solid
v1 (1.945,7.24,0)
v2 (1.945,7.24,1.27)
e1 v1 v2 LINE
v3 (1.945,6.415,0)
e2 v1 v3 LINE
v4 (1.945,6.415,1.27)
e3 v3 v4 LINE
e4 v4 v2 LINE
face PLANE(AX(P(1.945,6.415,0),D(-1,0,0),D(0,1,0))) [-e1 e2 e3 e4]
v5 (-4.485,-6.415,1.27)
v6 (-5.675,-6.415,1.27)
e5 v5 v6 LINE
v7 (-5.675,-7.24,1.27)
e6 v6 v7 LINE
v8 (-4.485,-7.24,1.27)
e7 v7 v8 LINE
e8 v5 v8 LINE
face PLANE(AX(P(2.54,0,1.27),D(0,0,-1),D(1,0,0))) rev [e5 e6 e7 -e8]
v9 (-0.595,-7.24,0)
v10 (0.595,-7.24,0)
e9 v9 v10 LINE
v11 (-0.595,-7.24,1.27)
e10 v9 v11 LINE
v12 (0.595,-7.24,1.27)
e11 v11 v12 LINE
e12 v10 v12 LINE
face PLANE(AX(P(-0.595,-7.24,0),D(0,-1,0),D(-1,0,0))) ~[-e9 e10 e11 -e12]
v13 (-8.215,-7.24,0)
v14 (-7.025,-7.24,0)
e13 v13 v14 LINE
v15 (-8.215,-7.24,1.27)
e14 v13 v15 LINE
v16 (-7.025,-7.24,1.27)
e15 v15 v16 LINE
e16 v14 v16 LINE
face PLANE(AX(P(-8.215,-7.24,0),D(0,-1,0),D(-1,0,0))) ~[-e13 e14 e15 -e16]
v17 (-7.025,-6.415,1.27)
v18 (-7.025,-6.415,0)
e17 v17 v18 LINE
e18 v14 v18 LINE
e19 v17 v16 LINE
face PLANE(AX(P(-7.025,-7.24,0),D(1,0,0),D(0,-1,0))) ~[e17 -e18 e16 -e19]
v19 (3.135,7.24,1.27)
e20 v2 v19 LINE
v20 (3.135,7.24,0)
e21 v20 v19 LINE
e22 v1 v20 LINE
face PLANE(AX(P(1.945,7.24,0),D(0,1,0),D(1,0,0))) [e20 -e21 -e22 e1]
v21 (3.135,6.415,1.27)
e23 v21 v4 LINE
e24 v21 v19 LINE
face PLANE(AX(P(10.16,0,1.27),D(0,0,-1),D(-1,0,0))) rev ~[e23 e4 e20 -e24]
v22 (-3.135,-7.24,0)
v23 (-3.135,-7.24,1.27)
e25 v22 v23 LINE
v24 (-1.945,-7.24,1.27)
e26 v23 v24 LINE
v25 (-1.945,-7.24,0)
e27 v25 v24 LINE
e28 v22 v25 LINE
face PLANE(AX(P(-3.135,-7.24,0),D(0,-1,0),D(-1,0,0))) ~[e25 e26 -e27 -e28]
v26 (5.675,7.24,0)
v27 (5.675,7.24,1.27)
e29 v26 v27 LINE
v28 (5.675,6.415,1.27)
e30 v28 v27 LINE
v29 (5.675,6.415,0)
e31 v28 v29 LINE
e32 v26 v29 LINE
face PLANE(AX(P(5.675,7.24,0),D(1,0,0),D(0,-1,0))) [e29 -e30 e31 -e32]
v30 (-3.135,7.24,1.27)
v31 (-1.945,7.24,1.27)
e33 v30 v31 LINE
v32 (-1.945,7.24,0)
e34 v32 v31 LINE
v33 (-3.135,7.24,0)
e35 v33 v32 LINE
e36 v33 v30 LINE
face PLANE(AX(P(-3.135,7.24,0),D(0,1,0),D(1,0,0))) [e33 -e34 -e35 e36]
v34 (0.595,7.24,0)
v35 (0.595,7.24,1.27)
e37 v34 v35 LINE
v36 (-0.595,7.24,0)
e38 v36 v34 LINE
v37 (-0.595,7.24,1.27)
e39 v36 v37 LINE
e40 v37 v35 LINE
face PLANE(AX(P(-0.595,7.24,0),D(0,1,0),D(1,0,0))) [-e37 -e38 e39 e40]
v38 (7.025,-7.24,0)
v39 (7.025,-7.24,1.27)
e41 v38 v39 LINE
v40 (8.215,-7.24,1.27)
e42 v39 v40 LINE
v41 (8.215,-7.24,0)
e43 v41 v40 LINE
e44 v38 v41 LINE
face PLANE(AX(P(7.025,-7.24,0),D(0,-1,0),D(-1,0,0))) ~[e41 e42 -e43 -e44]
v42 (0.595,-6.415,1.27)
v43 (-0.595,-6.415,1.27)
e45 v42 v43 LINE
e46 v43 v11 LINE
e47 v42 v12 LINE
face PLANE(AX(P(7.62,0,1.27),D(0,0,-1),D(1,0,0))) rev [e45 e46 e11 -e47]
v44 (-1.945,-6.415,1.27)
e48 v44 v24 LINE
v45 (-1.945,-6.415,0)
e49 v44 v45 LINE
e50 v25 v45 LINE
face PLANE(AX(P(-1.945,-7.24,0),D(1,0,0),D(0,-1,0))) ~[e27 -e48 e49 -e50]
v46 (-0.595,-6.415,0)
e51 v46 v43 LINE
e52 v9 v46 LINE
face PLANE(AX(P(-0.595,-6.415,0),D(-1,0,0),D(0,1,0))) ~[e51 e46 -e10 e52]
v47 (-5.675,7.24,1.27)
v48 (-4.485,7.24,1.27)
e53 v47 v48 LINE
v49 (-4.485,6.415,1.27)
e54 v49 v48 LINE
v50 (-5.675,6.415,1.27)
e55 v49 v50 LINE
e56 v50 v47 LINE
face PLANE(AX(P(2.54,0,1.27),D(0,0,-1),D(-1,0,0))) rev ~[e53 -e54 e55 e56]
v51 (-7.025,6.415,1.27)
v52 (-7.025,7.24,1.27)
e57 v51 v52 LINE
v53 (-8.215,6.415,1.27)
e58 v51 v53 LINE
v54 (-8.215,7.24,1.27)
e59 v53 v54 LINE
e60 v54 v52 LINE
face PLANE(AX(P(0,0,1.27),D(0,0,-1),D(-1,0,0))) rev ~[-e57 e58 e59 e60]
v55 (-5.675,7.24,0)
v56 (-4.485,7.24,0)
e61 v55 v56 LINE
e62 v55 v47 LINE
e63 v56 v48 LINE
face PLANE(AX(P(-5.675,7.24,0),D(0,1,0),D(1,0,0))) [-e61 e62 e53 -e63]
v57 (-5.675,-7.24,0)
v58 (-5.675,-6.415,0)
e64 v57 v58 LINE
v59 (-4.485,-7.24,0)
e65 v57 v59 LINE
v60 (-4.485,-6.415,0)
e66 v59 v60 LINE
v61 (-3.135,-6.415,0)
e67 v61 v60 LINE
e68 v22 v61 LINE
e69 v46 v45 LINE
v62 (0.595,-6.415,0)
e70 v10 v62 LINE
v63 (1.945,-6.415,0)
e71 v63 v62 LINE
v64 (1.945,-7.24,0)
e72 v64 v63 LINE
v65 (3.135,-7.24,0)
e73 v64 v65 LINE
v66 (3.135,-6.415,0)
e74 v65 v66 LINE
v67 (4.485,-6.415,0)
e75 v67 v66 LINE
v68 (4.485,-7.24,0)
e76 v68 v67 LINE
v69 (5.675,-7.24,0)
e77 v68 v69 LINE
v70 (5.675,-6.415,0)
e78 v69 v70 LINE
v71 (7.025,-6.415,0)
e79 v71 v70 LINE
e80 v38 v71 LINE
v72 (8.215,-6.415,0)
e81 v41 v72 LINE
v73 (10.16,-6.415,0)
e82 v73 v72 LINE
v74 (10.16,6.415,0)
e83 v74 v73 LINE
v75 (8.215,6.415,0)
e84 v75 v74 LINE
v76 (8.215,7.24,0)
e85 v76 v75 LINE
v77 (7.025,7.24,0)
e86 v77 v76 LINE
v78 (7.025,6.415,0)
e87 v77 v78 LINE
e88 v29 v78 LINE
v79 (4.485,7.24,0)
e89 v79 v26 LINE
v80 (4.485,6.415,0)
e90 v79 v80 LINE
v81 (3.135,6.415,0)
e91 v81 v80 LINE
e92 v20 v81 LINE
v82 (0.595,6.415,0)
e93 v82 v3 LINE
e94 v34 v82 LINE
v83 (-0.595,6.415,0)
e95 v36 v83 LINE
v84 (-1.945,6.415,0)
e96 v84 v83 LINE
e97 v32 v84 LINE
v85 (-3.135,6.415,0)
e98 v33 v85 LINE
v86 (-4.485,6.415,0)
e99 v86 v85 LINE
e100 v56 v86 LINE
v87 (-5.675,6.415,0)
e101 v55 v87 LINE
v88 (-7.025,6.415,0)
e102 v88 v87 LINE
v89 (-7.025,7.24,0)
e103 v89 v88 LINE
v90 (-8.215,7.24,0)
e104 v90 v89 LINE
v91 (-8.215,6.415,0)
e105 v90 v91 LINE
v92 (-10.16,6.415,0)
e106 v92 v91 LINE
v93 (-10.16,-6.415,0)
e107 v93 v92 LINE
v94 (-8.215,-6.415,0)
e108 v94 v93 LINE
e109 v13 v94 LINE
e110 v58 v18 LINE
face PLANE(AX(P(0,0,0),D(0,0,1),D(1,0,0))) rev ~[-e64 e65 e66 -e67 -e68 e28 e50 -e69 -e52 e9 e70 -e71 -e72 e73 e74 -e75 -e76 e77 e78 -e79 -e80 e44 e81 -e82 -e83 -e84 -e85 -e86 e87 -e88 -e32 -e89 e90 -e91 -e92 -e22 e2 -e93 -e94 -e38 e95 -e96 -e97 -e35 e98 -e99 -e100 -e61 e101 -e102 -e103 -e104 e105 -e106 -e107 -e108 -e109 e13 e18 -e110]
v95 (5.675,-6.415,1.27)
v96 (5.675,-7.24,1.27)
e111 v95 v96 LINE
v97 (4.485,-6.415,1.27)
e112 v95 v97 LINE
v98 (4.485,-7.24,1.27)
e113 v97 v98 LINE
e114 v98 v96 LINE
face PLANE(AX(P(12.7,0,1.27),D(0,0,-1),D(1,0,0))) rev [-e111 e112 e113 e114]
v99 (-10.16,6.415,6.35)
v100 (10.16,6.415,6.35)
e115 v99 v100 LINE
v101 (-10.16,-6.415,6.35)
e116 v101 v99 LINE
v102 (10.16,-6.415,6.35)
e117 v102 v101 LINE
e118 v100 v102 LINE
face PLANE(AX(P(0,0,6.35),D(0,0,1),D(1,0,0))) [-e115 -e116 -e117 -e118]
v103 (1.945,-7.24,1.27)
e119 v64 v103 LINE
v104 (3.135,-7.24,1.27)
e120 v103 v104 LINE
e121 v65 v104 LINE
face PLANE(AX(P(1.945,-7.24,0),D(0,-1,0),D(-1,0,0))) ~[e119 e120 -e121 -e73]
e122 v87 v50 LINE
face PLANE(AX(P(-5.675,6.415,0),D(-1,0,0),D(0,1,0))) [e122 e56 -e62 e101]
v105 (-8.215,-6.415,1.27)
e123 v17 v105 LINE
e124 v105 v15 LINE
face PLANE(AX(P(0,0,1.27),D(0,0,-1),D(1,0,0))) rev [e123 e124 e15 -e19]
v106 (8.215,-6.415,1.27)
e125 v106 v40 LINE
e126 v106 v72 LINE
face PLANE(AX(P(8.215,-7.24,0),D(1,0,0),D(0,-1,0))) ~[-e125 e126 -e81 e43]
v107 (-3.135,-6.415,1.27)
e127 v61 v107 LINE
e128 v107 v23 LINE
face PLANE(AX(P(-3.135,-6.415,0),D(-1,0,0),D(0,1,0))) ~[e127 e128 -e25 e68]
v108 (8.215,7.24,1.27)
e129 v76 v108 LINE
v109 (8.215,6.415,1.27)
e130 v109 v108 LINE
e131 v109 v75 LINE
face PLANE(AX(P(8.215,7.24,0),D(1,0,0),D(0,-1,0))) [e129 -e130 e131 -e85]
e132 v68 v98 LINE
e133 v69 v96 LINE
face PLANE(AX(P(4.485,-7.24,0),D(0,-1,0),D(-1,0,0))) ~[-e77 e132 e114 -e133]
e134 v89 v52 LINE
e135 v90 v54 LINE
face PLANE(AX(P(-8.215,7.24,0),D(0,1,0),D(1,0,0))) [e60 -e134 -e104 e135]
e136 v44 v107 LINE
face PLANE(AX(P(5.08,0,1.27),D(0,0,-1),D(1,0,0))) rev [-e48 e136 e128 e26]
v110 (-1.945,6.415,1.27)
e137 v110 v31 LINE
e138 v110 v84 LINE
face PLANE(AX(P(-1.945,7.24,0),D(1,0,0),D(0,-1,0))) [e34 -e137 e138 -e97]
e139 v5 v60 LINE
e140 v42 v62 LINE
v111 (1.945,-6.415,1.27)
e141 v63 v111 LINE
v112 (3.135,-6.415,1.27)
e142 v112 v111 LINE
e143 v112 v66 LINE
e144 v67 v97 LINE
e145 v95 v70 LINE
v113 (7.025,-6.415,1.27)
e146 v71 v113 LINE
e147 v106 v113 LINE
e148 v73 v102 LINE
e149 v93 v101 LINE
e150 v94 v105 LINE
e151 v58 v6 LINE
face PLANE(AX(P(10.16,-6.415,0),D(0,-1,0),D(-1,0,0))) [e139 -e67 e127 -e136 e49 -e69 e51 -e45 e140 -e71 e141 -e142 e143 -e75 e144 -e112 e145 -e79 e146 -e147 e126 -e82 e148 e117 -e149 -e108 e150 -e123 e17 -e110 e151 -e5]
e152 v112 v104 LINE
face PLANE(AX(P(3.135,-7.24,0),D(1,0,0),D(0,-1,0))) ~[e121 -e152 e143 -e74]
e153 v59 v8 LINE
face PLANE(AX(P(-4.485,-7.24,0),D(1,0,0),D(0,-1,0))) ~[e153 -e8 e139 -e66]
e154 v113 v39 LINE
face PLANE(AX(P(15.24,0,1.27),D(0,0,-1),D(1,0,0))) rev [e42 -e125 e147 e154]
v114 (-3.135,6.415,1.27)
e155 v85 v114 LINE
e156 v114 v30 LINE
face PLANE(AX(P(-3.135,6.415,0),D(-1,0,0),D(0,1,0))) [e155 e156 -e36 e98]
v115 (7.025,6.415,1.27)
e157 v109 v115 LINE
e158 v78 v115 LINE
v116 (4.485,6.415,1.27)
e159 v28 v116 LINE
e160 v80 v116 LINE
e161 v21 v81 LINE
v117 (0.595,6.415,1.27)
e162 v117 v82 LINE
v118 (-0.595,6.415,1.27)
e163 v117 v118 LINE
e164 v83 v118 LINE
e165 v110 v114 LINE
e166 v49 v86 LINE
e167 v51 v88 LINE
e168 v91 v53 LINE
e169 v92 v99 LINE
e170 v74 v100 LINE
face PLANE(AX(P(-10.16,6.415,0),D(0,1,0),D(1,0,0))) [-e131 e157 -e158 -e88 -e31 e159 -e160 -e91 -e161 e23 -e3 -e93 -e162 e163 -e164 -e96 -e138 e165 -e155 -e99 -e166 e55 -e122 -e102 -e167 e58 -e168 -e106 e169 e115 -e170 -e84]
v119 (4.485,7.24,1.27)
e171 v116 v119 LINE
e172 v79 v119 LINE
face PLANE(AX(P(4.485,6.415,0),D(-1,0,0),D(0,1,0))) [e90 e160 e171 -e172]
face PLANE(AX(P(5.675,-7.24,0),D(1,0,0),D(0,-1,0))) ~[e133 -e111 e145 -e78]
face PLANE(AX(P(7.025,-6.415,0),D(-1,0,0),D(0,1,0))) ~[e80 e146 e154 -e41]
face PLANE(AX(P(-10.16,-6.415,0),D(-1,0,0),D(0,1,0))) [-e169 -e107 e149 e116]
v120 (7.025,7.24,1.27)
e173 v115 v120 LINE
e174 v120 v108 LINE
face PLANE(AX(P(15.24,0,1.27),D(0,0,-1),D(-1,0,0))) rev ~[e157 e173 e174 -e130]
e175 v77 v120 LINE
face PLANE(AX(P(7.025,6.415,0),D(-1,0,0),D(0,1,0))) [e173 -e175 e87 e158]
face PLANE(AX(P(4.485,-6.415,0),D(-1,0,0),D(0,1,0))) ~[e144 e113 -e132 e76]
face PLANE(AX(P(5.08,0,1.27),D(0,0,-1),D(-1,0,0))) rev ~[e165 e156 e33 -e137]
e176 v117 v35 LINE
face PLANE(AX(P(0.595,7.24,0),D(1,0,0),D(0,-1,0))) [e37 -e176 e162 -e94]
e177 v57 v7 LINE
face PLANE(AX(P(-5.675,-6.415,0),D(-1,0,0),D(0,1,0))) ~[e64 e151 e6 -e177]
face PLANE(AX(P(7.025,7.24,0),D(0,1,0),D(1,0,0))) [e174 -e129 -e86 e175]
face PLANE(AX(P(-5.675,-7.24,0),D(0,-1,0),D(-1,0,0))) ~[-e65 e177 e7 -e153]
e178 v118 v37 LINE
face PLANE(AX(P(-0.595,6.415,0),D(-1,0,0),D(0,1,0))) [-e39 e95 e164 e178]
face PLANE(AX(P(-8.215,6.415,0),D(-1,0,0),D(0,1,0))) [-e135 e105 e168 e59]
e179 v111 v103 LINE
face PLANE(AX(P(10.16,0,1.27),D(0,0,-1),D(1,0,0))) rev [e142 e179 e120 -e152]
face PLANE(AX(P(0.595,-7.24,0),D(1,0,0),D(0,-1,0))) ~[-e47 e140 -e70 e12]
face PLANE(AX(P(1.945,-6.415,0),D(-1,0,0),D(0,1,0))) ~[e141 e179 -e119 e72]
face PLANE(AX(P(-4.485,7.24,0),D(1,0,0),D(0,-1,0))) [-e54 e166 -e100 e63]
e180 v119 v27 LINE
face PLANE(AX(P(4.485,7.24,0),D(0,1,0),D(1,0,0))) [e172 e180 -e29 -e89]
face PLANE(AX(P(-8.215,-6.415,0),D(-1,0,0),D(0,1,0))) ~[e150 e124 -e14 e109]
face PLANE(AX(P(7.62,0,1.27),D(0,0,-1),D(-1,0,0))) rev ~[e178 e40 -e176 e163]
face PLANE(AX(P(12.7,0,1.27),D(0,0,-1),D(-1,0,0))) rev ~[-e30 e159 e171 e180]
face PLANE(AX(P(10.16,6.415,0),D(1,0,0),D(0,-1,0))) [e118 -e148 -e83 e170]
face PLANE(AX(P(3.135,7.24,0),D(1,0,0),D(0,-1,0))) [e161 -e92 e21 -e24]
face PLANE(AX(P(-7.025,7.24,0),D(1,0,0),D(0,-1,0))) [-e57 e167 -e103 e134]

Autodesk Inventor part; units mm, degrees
ref_plane "YZ Plane" through (0, 0, 0) normal (1, 0, 0) x (0, 1, 0)
ref_plane "XZ Plane" through (0, 0, 0) normal (0, 1, 0) x (-1, 0, 0)
ref_plane "XY Plane" through (0, 0, 0) normal (0, 0, 1) x (1, 0, 0)
sketch "Sketch1" plane through (0, 0, 0) normal (0, 0, 1) x (1, 0, 0)
  line L0 (-10.16, 6.415) -> (10.16, 6.415)
  line L1 (10.16, 6.415) -> (10.16, -6.415)
  line L2 (10.16, -6.415) -> (-10.16, -6.415)
  line L3 (-10.16, -6.415) -> (-10.16, 6.415)
  point P0 (0, 0)
  dimension "d0" = 20.32
  dimension "d1" = 10.16
  dimension "d2" = 12.83
  dimension "d3" = 6.415
extrude "Extrusion1" add sketch "Sketch1" along normal blind 6.35
sketch "Sketch2" plane through (0, 0, 0) normal (0, 0, -1) x (-1, 0, 0)
  line L0 (8.215, 7.24) -> (7.025, 7.24)
  line L1 (7.025, 7.24) -> (7.025, 5.59)
  line L2 (7.025, 5.59) -> (8.215, 5.59)
  line L3 (8.215, 5.59) -> (8.215, 7.24)
  line L4 (10.16, 6.415) -> (-10.16, 6.415) projected
  line L5 (10.16, -6.415) -> (10.16, 6.415) projected
  point P0 (0, 0)
  dimension "d6" = 1.65
  dimension "d7" = 0.825
  dimension "d8" = 1.19
  dimension "d9" = 1.945
extrude "Extrusion2" add sketch "Sketch2" against normal blind 1.27
pattern_linear "Rectangular Pattern1" count 7 spacing 2.54 along (1, 0, 0) of "Extrusion2"
mirror "Mirror1" about plane through (0, 0, 0) normal (0, 1, 0) of "Extrusion2", "Rectangular Pattern1"
properties part number "MC_BK377"
